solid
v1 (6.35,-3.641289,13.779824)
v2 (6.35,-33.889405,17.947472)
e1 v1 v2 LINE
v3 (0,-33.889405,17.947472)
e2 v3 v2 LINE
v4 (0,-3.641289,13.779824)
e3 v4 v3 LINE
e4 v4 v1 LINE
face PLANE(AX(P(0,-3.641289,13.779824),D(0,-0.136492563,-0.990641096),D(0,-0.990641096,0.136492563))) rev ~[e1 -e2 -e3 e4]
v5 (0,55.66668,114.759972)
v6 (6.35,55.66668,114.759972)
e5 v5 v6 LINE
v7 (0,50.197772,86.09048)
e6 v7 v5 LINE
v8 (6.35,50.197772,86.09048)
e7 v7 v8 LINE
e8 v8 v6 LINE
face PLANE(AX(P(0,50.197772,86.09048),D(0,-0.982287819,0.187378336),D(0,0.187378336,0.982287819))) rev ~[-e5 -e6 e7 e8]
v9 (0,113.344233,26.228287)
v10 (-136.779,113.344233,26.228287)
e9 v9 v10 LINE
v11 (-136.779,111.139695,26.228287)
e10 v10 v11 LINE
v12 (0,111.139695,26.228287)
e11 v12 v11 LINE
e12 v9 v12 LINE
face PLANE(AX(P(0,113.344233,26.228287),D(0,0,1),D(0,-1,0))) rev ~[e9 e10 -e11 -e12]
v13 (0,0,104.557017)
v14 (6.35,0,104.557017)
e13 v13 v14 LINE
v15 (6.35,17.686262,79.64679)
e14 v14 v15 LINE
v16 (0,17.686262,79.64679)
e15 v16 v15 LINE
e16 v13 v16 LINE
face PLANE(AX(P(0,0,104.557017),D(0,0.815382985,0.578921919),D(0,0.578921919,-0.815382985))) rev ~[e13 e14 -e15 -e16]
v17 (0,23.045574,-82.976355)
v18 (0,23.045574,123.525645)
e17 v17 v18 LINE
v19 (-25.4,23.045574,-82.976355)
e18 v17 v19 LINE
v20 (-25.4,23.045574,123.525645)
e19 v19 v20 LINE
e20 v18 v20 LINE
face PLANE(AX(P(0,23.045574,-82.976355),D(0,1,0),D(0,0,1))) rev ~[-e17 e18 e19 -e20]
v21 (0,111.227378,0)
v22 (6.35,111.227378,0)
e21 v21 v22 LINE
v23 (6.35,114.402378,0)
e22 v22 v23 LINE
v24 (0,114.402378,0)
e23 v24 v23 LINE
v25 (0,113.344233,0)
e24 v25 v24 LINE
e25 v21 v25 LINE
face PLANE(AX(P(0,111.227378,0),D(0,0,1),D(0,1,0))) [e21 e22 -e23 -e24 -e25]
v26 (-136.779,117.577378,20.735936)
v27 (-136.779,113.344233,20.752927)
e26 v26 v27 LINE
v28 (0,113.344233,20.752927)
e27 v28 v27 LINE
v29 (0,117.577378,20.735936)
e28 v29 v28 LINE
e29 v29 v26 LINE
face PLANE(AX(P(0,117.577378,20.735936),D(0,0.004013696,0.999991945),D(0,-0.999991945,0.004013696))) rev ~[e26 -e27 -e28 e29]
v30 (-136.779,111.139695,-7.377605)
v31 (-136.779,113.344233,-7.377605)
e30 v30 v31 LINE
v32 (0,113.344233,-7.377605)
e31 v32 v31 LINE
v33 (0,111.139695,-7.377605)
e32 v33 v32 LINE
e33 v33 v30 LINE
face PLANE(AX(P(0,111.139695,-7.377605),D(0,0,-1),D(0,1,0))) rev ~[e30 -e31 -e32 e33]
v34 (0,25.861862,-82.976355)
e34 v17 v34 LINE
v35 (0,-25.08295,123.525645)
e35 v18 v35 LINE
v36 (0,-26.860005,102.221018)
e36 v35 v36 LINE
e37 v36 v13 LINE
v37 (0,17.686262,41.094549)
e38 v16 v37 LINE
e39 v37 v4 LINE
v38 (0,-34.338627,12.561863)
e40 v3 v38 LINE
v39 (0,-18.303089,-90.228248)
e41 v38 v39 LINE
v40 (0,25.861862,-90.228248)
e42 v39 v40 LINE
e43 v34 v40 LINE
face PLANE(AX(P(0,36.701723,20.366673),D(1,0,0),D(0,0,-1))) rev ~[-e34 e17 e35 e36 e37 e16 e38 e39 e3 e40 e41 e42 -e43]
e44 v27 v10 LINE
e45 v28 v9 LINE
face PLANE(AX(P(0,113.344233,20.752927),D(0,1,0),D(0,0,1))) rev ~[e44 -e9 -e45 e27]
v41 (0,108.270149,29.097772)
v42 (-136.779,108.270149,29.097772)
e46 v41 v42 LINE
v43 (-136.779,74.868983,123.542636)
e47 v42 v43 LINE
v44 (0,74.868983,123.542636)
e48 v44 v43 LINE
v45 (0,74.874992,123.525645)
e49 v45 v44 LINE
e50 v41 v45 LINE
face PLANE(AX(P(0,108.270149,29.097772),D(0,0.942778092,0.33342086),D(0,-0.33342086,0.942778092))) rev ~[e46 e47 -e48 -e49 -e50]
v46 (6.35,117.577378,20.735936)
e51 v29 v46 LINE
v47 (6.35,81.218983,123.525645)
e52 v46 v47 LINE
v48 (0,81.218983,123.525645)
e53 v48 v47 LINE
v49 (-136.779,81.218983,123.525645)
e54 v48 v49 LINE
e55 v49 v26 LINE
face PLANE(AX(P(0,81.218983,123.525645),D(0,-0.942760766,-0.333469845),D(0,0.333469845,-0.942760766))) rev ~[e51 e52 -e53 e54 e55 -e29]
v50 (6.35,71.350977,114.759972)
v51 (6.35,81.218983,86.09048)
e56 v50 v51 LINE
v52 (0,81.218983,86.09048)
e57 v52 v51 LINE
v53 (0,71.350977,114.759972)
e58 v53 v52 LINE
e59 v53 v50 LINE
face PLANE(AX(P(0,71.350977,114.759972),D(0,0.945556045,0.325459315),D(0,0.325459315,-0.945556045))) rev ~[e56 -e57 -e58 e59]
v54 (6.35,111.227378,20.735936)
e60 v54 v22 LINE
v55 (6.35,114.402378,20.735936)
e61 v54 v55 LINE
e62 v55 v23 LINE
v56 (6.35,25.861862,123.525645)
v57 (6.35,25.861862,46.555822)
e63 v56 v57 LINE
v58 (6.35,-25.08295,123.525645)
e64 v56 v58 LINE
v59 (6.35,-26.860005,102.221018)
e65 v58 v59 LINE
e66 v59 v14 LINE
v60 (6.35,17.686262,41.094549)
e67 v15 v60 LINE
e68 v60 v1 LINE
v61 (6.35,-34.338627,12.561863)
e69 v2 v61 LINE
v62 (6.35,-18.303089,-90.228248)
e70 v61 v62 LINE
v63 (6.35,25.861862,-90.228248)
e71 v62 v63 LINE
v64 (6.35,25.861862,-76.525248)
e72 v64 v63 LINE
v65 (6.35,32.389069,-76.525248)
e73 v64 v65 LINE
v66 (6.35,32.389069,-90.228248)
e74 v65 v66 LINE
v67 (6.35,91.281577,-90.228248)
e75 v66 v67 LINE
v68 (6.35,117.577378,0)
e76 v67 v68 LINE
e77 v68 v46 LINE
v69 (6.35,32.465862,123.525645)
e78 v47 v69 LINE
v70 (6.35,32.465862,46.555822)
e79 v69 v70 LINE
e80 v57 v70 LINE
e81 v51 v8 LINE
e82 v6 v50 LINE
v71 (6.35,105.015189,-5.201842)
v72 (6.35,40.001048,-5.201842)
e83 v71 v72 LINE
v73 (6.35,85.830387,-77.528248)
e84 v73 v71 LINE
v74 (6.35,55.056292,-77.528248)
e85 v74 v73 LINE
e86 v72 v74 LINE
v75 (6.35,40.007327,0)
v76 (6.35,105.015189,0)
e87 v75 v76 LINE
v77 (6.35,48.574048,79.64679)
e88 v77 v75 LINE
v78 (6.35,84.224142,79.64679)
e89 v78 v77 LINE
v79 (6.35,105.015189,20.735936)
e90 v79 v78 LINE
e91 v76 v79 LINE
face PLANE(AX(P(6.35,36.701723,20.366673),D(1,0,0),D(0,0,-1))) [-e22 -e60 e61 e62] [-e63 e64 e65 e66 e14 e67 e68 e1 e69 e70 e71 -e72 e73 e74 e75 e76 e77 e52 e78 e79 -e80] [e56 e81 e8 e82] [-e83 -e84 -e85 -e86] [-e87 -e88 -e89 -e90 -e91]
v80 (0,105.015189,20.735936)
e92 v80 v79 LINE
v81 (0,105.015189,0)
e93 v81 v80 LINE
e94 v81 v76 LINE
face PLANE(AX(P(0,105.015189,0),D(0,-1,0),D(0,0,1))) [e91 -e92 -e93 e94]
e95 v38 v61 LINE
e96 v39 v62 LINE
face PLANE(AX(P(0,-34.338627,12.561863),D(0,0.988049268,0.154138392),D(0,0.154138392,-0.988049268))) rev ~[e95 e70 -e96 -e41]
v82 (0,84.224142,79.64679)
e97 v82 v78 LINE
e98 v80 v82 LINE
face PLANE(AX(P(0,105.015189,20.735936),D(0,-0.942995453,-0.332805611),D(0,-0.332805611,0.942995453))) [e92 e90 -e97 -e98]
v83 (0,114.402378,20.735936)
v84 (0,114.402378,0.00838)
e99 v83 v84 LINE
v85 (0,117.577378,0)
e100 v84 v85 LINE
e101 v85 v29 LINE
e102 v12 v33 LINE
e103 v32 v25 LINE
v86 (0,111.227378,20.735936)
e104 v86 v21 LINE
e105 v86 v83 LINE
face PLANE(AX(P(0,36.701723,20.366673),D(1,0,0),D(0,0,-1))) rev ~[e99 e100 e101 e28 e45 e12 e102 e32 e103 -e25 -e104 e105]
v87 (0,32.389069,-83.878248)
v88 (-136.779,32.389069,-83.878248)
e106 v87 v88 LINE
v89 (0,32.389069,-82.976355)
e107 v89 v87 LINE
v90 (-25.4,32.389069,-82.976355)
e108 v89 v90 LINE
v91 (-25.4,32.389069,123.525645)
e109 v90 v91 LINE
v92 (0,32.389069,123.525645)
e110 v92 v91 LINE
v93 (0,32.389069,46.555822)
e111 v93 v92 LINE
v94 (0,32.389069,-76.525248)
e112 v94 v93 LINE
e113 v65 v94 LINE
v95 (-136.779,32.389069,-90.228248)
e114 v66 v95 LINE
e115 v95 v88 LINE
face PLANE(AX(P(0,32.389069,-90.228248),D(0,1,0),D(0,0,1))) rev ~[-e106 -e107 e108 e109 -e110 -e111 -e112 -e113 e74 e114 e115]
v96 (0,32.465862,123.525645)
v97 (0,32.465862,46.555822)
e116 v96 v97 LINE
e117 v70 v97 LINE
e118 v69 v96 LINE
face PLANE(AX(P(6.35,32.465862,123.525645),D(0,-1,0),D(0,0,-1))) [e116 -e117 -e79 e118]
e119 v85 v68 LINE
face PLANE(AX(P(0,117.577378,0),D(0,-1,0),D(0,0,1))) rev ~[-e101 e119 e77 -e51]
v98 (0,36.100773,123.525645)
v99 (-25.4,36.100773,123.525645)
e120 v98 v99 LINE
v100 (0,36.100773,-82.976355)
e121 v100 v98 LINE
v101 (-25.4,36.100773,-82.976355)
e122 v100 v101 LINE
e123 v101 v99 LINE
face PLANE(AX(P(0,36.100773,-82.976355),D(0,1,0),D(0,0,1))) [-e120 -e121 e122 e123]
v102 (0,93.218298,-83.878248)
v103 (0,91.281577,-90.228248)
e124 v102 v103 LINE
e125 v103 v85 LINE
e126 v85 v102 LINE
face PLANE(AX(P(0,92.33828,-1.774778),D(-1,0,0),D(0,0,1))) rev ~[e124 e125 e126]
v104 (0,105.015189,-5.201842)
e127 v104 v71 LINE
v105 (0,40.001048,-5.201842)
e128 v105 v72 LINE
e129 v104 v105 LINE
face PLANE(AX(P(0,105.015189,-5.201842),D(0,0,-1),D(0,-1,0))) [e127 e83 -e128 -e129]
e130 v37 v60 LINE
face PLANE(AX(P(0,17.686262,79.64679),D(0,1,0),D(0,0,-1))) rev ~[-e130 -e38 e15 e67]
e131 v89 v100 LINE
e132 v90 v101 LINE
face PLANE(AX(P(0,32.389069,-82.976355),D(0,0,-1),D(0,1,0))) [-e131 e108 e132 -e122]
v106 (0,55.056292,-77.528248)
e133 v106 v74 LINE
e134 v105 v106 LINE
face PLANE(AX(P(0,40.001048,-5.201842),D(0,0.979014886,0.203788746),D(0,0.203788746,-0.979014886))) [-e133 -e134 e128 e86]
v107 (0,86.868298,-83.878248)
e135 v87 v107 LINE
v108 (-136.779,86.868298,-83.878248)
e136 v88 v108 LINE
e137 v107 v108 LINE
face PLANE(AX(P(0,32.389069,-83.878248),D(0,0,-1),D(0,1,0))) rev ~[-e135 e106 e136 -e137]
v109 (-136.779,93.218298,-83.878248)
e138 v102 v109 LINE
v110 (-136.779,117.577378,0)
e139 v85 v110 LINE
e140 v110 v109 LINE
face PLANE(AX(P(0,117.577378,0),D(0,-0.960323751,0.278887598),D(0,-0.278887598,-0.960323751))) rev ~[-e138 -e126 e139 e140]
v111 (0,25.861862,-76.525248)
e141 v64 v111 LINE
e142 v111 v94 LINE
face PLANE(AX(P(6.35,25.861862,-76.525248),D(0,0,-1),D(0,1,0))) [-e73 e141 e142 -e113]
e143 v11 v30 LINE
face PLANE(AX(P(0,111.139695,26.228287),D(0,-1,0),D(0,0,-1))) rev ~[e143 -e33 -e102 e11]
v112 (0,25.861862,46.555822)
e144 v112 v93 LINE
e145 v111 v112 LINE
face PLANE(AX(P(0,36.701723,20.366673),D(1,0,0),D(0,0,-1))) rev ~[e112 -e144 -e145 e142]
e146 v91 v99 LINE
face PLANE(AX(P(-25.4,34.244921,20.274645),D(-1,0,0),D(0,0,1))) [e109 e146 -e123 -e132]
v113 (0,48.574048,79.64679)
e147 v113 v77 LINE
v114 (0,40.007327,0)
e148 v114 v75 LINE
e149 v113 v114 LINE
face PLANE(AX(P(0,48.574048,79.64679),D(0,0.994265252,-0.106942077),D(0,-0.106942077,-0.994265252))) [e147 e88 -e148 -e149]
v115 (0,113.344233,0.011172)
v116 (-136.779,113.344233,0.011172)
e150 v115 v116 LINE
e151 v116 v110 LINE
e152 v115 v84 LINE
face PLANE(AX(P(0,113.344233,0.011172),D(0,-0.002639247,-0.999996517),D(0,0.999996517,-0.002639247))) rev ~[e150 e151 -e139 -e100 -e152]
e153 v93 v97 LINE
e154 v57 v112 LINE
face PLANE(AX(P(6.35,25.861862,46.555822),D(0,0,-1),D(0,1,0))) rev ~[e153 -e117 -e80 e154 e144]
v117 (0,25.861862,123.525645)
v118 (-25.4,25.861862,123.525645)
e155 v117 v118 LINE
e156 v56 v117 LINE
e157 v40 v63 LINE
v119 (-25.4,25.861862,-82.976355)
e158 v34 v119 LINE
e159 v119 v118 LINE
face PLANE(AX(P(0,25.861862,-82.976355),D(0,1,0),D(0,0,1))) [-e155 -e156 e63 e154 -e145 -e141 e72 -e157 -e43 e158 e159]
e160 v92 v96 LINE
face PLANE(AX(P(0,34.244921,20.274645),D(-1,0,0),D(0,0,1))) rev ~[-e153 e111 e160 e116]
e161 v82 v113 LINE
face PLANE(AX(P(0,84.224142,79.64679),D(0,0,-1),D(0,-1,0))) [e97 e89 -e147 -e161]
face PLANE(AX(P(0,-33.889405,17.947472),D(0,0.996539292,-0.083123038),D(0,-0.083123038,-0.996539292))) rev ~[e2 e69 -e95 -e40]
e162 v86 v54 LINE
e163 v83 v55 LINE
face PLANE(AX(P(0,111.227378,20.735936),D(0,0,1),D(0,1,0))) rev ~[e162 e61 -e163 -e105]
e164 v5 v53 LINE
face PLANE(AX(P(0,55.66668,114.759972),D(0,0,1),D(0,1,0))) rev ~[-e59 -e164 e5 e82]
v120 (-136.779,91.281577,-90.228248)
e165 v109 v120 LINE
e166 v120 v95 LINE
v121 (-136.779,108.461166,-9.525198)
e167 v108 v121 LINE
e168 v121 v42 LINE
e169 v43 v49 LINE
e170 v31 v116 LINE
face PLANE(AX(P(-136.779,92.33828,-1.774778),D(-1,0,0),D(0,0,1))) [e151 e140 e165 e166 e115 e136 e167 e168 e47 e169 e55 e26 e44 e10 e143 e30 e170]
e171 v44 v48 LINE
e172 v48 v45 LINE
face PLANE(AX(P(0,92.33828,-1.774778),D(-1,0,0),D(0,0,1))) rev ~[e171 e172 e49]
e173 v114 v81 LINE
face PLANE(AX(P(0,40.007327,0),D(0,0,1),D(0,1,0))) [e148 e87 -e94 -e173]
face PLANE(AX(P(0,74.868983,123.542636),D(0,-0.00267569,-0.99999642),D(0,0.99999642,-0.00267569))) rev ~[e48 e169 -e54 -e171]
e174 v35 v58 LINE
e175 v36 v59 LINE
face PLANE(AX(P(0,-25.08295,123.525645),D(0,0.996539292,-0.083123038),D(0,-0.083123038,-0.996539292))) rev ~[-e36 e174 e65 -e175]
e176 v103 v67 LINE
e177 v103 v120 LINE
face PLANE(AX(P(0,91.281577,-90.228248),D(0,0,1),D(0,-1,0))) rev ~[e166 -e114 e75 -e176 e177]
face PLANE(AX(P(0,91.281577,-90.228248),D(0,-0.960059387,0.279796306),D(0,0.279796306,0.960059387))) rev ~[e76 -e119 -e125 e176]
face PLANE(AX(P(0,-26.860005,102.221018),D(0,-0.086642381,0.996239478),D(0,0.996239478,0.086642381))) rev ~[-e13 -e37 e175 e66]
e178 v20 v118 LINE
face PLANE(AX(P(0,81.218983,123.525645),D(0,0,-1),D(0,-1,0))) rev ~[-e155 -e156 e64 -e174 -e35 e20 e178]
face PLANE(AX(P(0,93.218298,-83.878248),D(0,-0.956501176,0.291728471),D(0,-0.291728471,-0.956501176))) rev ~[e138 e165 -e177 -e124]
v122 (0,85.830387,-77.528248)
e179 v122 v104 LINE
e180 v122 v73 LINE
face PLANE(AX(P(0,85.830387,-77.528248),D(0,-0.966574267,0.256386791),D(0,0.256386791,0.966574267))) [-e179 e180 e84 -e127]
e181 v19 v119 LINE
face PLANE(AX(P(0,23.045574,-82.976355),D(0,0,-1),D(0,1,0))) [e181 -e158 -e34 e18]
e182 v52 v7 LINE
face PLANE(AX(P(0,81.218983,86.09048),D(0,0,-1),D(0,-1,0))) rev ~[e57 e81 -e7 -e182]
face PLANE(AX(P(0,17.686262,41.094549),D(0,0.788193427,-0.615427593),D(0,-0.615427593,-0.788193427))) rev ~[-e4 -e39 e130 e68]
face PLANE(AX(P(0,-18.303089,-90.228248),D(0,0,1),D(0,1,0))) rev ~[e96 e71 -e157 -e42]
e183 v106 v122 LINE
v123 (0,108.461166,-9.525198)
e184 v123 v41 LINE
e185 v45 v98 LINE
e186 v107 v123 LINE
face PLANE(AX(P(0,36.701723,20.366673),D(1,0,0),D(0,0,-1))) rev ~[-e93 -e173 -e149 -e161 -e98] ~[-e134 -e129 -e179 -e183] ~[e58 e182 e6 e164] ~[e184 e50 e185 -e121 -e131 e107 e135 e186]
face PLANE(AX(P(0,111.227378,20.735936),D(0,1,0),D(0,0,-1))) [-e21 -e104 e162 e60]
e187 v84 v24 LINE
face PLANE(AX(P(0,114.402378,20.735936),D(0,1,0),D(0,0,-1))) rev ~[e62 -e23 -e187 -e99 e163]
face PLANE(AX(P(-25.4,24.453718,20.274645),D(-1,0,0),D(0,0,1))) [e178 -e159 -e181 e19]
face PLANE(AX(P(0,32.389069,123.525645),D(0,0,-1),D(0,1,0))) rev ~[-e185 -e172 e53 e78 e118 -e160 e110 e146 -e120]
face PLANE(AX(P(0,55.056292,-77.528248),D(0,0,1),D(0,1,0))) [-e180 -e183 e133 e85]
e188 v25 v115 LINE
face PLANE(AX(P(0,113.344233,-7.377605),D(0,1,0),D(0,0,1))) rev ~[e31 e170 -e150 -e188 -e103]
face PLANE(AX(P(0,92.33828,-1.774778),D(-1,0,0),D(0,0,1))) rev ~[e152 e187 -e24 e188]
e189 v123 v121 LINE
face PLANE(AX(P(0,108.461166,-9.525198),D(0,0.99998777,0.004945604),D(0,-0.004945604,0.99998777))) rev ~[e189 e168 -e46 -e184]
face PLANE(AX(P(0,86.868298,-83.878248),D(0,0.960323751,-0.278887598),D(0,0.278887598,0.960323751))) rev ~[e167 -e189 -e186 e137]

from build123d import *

# Parameters (mm, degrees)
SKETCH1_W           = 20.735936364
SKETCH1_H           = 3.175
BOSS_EXTRUDE1_DEPTH = 6.35
SKETCH2_W           = 82.651107169
SKETCH2_H           = 6.52720724
SKETCH2_W_2         = 76.969823319
SKETCH2_H_2         = 6.604
CUT_EXTRUDE1_DEPTH  = 7.35
SKETCH6_W           = 206.502
SKETCH6_H           = 3.711703494
SKETCH6_H_2         = 2.816288331
BOSS_EXTRUDE3_DEPTH = 25.4
BOSS_EXTRUDE5_DEPTH = 136.779


with BuildPart() as part:
    # Sketch1 → Boss-Extrude1 (new body)
    with BuildSketch(Plane(origin=(0, 0, 0), x_dir=(0, 0, -1), z_dir=(1, 0, 0))):
        Polygon((-123.525645009, 81.218983384), (-123.525645009, -25.082949612), (-102.22101814, -26.860004783), (-104.557017494, 0), (-79.646789796, 17.686261666), (-41.094549164, 17.686261666), (-13.779824281, -3.641289166), (-17.947471695, -33.889404663), (-12.561862574, -34.338627482), (90.228248196, -18.303088648), (90.228248196, 91.281577209), (0, 117.577378193), (-20.735936364, 117.577378193), align=None)
        Polygon((5.201841666, 40.001048477), (77.528248196, 55.056292197), (77.528248196, 85.830387495), (5.201841666, 105.015188817), align=None, mode=Mode.SUBTRACT)
        Polygon((-79.646789796, 84.224142025), (-79.646789796, 48.574048336), (0, 40.007327233), (0, 105.015188817), (-20.735936364, 105.015188817), align=None, mode=Mode.SUBTRACT)
        Polygon((-86.090479579, 81.218983384), (-86.090479579, 50.197772081), (-114.759972161, 55.666680192), (-114.759972161, 71.350976637), align=None, mode=Mode.SUBTRACT)
        with Locations((-10.367968182, 112.814878193)):
            Rectangle(SKETCH1_W, SKETCH1_H, mode=Mode.SUBTRACT)
    extrude(amount=BOSS_EXTRUDE1_DEPTH)

    # Sketch2 → Cut-Extrude1 (cut, through all)
    with BuildSketch(Plane(origin=(6.35, 0, 0), x_dir=(0, 0, -1), z_dir=(1, 0, 0))):
        with Locations((117.850801407, 29.125465717)):
            Rectangle(SKETCH2_W, SKETCH2_H)
        with Locations((-85.04073335, 29.163862097)):
            Rectangle(SKETCH2_W_2, SKETCH2_H_2)
    extrude(amount=-CUT_EXTRUDE1_DEPTH, mode=Mode.SUBTRACT)

    # Sketch6 → Boss-Extrude3 (add)
    with BuildSketch(Plane.ZY):
        with Locations((20.274645009, 34.244921084)):
            Rectangle(SKETCH6_W, SKETCH6_H)
        with Locations((20.274645009, 24.453717932)):
            Rectangle(SKETCH6_W, SKETCH6_H_2)
    extrude(amount=BOSS_EXTRUDE3_DEPTH)

    # Sketch8 → Boss-Extrude5 (add)
    with BuildSketch(Plane.ZY):
        Polygon((0, 117.577378193), (-83.878248196, 93.218298083), (-90.228248196, 91.281577209), (-90.228248196, 32.389069337), (-83.878248196, 32.389069337), (-83.878248196, 86.868298083), (-9.525197863, 108.461165703), (29.097772116, 108.270149457), (123.542635704, 74.868983384), (123.525645009, 81.218983384), (20.735936364, 117.577378193), (20.752927059, 113.344232588), (26.228286967, 113.344232588), (26.228286967, 111.139694939), (20.752927059, 111.139694939), (0.016990695, 111.139694939), (-7.377605414, 111.139694939), (-7.377605414, 113.344232588), (0.011172356, 113.344232588), align=None)
    extrude(amount=BOSS_EXTRUDE5_DEPTH)


solid = part.part
